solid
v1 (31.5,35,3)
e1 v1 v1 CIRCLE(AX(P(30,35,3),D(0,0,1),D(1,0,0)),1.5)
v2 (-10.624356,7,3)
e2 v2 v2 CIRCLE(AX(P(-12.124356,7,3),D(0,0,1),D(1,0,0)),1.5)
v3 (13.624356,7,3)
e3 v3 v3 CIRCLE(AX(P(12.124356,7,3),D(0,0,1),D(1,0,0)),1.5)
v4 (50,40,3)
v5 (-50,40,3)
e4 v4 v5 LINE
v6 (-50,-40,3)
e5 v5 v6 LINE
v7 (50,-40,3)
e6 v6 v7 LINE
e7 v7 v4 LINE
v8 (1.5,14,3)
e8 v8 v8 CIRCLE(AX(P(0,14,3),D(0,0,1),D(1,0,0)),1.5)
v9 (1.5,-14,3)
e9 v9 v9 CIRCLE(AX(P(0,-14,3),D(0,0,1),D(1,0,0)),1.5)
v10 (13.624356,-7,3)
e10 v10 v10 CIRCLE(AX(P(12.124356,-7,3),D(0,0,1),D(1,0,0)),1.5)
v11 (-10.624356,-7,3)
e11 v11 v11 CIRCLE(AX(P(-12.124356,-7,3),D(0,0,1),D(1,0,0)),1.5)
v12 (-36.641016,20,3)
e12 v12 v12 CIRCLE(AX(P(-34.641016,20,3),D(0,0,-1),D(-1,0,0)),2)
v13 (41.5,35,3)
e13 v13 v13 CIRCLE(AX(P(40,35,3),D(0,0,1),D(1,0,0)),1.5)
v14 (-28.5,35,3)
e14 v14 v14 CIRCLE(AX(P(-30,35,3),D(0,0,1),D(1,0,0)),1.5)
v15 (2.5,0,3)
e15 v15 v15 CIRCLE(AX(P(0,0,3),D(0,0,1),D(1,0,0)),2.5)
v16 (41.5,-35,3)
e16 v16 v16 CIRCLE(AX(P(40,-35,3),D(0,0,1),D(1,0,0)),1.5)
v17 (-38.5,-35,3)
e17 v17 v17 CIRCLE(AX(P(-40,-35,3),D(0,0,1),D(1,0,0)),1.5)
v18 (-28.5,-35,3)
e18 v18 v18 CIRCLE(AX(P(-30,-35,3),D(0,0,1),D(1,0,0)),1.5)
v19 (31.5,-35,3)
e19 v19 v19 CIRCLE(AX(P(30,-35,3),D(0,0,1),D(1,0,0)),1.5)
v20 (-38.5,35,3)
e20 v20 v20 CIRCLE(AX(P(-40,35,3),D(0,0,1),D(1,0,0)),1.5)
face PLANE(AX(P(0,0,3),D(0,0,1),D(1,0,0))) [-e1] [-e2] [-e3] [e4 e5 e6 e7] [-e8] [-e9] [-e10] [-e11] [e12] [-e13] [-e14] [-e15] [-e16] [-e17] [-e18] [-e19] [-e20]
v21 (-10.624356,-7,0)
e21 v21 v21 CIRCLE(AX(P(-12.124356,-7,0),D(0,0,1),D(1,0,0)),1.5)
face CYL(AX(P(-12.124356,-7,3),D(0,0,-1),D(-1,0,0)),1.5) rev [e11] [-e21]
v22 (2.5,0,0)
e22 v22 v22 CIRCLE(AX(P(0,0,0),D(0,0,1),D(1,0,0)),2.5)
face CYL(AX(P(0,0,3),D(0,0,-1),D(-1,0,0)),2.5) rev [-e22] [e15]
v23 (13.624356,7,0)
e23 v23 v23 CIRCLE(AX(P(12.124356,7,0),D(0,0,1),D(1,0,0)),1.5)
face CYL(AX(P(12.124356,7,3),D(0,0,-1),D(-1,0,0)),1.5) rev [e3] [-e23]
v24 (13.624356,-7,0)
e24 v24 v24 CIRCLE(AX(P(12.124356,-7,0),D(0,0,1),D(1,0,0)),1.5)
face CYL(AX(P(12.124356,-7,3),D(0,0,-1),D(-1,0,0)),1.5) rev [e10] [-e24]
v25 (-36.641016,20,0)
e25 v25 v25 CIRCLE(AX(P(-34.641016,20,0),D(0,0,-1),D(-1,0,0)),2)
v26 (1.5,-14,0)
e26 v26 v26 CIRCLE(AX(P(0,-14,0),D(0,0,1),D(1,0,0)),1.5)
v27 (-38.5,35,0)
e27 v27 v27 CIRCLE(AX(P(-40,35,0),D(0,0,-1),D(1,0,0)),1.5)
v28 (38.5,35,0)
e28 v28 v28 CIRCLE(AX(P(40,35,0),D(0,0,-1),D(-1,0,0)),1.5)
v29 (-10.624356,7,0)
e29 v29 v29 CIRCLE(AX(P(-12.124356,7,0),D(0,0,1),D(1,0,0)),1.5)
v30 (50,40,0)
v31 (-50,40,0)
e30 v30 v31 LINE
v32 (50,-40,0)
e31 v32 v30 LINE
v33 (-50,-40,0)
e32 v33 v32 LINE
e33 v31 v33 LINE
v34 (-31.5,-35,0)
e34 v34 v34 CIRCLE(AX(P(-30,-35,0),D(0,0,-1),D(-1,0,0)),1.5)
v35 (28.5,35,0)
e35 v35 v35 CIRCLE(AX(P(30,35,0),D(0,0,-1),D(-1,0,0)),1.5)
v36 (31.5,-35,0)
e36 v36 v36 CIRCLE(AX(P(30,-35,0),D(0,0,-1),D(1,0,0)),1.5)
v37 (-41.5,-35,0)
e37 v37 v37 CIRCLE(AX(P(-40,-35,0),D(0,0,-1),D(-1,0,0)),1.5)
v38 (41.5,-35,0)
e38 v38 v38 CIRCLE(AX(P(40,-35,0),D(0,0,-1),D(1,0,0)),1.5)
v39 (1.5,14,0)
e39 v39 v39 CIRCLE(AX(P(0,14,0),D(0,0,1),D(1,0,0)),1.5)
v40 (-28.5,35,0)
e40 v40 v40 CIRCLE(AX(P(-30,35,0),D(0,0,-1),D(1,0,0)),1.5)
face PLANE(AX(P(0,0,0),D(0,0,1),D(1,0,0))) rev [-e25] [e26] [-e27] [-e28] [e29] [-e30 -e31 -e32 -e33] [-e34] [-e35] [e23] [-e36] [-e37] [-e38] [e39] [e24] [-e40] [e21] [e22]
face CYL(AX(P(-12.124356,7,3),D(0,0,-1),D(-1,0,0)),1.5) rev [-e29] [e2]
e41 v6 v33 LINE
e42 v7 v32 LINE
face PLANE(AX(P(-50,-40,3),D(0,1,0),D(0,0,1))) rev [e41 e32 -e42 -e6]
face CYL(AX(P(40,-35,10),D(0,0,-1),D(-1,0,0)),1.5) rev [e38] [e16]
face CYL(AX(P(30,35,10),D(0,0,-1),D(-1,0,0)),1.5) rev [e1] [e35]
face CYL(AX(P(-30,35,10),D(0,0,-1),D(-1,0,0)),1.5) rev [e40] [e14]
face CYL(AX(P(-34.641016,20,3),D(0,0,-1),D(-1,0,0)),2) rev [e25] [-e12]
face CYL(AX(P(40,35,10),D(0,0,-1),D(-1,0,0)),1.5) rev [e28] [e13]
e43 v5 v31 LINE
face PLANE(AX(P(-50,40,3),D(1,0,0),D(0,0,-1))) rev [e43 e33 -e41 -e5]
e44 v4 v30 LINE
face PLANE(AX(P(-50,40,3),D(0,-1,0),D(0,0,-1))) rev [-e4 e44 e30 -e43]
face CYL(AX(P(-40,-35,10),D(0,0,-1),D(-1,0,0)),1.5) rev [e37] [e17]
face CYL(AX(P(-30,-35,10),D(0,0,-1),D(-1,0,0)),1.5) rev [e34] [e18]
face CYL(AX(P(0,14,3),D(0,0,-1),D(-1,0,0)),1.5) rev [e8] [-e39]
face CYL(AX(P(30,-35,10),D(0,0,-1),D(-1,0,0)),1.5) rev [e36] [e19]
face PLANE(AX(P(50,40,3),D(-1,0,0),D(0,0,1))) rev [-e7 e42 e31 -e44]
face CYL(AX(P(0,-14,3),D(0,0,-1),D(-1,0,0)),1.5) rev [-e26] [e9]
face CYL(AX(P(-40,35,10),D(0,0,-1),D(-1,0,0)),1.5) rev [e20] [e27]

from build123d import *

# Parameters (mm, degrees)
SKETCH_1_W          = 100
SKETCH_1_H          = 80
SKETCH_1_R          = 1.5
SKETCH_1_R_2        = 2.5
EXTRUDE_1_DEPTH     = 3
SKETCH_2_R          = 1.5
CUT_EXTRUDE_1_DEPTH = 10
SKETCH_3_R          = 2
CUT_EXTRUDE_2_DEPTH = 65.101482042


with BuildPart() as part:
    # 草图1 → 凸台-拉伸1 (new body)
    with BuildSketch(Plane.XY):
        Rectangle(SKETCH_1_W, SKETCH_1_H)
        with Locations((0, 14)):
            Circle(SKETCH_1_R, mode=Mode.SUBTRACT)
        with Locations((12.124355653, 7)):
            Circle(SKETCH_1_R, mode=Mode.SUBTRACT)
        with Locations((12.124355653, -7)):
            Circle(SKETCH_1_R, mode=Mode.SUBTRACT)
        with Locations((0, -14)):
            Circle(SKETCH_1_R, mode=Mode.SUBTRACT)
        with Locations((-12.124355653, -7)):
            Circle(SKETCH_1_R, mode=Mode.SUBTRACT)
        with Locations((-12.124355653, 7)):
            Circle(SKETCH_1_R, mode=Mode.SUBTRACT)
        Circle(SKETCH_1_R_2, mode=Mode.SUBTRACT)
    extrude(amount=EXTRUDE_1_DEPTH)

    # 草图2 → 切除-拉伸1 (cut)
    with BuildSketch(Plane(origin=(0, 0, 0), x_dir=(-1, 0, 0), z_dir=(0, 0, -1))):
        with Locations((-40, 35)):
            Circle(SKETCH_2_R)
        with Locations((-30, 35)):
            Circle(SKETCH_2_R)
        with Locations(Location((30, 35, 0), (0, 0, 180))):
            Circle(SKETCH_2_R)
        with Locations(Location((40, 35, 0), (0, 0, 180))):
            Circle(SKETCH_2_R)
        with Locations((40, -35)):
            Circle(SKETCH_2_R)
        with Locations((30, -35)):
            Circle(SKETCH_2_R)
        with Locations(Location((-30, -35, 0), (0, 0, 180))):
            Circle(SKETCH_2_R)
        with Locations(Location((-40, -35, 0), (0, 0, 180))):
            Circle(SKETCH_2_R)
    extrude(amount=-CUT_EXTRUDE_1_DEPTH, mode=Mode.SUBTRACT)

    # 草图3 → 切除-拉伸2 (cut, through all)
    with BuildSketch(Plane(origin=(0, 0, 0), x_dir=(-1, 0, 0), z_dir=(0, 0, -1))):
        with Locations((34.641016151, 20)):
            Circle(SKETCH_3_R)
    extrude(amount=-CUT_EXTRUDE_2_DEPTH, mode=Mode.SUBTRACT)


solid = part.part
